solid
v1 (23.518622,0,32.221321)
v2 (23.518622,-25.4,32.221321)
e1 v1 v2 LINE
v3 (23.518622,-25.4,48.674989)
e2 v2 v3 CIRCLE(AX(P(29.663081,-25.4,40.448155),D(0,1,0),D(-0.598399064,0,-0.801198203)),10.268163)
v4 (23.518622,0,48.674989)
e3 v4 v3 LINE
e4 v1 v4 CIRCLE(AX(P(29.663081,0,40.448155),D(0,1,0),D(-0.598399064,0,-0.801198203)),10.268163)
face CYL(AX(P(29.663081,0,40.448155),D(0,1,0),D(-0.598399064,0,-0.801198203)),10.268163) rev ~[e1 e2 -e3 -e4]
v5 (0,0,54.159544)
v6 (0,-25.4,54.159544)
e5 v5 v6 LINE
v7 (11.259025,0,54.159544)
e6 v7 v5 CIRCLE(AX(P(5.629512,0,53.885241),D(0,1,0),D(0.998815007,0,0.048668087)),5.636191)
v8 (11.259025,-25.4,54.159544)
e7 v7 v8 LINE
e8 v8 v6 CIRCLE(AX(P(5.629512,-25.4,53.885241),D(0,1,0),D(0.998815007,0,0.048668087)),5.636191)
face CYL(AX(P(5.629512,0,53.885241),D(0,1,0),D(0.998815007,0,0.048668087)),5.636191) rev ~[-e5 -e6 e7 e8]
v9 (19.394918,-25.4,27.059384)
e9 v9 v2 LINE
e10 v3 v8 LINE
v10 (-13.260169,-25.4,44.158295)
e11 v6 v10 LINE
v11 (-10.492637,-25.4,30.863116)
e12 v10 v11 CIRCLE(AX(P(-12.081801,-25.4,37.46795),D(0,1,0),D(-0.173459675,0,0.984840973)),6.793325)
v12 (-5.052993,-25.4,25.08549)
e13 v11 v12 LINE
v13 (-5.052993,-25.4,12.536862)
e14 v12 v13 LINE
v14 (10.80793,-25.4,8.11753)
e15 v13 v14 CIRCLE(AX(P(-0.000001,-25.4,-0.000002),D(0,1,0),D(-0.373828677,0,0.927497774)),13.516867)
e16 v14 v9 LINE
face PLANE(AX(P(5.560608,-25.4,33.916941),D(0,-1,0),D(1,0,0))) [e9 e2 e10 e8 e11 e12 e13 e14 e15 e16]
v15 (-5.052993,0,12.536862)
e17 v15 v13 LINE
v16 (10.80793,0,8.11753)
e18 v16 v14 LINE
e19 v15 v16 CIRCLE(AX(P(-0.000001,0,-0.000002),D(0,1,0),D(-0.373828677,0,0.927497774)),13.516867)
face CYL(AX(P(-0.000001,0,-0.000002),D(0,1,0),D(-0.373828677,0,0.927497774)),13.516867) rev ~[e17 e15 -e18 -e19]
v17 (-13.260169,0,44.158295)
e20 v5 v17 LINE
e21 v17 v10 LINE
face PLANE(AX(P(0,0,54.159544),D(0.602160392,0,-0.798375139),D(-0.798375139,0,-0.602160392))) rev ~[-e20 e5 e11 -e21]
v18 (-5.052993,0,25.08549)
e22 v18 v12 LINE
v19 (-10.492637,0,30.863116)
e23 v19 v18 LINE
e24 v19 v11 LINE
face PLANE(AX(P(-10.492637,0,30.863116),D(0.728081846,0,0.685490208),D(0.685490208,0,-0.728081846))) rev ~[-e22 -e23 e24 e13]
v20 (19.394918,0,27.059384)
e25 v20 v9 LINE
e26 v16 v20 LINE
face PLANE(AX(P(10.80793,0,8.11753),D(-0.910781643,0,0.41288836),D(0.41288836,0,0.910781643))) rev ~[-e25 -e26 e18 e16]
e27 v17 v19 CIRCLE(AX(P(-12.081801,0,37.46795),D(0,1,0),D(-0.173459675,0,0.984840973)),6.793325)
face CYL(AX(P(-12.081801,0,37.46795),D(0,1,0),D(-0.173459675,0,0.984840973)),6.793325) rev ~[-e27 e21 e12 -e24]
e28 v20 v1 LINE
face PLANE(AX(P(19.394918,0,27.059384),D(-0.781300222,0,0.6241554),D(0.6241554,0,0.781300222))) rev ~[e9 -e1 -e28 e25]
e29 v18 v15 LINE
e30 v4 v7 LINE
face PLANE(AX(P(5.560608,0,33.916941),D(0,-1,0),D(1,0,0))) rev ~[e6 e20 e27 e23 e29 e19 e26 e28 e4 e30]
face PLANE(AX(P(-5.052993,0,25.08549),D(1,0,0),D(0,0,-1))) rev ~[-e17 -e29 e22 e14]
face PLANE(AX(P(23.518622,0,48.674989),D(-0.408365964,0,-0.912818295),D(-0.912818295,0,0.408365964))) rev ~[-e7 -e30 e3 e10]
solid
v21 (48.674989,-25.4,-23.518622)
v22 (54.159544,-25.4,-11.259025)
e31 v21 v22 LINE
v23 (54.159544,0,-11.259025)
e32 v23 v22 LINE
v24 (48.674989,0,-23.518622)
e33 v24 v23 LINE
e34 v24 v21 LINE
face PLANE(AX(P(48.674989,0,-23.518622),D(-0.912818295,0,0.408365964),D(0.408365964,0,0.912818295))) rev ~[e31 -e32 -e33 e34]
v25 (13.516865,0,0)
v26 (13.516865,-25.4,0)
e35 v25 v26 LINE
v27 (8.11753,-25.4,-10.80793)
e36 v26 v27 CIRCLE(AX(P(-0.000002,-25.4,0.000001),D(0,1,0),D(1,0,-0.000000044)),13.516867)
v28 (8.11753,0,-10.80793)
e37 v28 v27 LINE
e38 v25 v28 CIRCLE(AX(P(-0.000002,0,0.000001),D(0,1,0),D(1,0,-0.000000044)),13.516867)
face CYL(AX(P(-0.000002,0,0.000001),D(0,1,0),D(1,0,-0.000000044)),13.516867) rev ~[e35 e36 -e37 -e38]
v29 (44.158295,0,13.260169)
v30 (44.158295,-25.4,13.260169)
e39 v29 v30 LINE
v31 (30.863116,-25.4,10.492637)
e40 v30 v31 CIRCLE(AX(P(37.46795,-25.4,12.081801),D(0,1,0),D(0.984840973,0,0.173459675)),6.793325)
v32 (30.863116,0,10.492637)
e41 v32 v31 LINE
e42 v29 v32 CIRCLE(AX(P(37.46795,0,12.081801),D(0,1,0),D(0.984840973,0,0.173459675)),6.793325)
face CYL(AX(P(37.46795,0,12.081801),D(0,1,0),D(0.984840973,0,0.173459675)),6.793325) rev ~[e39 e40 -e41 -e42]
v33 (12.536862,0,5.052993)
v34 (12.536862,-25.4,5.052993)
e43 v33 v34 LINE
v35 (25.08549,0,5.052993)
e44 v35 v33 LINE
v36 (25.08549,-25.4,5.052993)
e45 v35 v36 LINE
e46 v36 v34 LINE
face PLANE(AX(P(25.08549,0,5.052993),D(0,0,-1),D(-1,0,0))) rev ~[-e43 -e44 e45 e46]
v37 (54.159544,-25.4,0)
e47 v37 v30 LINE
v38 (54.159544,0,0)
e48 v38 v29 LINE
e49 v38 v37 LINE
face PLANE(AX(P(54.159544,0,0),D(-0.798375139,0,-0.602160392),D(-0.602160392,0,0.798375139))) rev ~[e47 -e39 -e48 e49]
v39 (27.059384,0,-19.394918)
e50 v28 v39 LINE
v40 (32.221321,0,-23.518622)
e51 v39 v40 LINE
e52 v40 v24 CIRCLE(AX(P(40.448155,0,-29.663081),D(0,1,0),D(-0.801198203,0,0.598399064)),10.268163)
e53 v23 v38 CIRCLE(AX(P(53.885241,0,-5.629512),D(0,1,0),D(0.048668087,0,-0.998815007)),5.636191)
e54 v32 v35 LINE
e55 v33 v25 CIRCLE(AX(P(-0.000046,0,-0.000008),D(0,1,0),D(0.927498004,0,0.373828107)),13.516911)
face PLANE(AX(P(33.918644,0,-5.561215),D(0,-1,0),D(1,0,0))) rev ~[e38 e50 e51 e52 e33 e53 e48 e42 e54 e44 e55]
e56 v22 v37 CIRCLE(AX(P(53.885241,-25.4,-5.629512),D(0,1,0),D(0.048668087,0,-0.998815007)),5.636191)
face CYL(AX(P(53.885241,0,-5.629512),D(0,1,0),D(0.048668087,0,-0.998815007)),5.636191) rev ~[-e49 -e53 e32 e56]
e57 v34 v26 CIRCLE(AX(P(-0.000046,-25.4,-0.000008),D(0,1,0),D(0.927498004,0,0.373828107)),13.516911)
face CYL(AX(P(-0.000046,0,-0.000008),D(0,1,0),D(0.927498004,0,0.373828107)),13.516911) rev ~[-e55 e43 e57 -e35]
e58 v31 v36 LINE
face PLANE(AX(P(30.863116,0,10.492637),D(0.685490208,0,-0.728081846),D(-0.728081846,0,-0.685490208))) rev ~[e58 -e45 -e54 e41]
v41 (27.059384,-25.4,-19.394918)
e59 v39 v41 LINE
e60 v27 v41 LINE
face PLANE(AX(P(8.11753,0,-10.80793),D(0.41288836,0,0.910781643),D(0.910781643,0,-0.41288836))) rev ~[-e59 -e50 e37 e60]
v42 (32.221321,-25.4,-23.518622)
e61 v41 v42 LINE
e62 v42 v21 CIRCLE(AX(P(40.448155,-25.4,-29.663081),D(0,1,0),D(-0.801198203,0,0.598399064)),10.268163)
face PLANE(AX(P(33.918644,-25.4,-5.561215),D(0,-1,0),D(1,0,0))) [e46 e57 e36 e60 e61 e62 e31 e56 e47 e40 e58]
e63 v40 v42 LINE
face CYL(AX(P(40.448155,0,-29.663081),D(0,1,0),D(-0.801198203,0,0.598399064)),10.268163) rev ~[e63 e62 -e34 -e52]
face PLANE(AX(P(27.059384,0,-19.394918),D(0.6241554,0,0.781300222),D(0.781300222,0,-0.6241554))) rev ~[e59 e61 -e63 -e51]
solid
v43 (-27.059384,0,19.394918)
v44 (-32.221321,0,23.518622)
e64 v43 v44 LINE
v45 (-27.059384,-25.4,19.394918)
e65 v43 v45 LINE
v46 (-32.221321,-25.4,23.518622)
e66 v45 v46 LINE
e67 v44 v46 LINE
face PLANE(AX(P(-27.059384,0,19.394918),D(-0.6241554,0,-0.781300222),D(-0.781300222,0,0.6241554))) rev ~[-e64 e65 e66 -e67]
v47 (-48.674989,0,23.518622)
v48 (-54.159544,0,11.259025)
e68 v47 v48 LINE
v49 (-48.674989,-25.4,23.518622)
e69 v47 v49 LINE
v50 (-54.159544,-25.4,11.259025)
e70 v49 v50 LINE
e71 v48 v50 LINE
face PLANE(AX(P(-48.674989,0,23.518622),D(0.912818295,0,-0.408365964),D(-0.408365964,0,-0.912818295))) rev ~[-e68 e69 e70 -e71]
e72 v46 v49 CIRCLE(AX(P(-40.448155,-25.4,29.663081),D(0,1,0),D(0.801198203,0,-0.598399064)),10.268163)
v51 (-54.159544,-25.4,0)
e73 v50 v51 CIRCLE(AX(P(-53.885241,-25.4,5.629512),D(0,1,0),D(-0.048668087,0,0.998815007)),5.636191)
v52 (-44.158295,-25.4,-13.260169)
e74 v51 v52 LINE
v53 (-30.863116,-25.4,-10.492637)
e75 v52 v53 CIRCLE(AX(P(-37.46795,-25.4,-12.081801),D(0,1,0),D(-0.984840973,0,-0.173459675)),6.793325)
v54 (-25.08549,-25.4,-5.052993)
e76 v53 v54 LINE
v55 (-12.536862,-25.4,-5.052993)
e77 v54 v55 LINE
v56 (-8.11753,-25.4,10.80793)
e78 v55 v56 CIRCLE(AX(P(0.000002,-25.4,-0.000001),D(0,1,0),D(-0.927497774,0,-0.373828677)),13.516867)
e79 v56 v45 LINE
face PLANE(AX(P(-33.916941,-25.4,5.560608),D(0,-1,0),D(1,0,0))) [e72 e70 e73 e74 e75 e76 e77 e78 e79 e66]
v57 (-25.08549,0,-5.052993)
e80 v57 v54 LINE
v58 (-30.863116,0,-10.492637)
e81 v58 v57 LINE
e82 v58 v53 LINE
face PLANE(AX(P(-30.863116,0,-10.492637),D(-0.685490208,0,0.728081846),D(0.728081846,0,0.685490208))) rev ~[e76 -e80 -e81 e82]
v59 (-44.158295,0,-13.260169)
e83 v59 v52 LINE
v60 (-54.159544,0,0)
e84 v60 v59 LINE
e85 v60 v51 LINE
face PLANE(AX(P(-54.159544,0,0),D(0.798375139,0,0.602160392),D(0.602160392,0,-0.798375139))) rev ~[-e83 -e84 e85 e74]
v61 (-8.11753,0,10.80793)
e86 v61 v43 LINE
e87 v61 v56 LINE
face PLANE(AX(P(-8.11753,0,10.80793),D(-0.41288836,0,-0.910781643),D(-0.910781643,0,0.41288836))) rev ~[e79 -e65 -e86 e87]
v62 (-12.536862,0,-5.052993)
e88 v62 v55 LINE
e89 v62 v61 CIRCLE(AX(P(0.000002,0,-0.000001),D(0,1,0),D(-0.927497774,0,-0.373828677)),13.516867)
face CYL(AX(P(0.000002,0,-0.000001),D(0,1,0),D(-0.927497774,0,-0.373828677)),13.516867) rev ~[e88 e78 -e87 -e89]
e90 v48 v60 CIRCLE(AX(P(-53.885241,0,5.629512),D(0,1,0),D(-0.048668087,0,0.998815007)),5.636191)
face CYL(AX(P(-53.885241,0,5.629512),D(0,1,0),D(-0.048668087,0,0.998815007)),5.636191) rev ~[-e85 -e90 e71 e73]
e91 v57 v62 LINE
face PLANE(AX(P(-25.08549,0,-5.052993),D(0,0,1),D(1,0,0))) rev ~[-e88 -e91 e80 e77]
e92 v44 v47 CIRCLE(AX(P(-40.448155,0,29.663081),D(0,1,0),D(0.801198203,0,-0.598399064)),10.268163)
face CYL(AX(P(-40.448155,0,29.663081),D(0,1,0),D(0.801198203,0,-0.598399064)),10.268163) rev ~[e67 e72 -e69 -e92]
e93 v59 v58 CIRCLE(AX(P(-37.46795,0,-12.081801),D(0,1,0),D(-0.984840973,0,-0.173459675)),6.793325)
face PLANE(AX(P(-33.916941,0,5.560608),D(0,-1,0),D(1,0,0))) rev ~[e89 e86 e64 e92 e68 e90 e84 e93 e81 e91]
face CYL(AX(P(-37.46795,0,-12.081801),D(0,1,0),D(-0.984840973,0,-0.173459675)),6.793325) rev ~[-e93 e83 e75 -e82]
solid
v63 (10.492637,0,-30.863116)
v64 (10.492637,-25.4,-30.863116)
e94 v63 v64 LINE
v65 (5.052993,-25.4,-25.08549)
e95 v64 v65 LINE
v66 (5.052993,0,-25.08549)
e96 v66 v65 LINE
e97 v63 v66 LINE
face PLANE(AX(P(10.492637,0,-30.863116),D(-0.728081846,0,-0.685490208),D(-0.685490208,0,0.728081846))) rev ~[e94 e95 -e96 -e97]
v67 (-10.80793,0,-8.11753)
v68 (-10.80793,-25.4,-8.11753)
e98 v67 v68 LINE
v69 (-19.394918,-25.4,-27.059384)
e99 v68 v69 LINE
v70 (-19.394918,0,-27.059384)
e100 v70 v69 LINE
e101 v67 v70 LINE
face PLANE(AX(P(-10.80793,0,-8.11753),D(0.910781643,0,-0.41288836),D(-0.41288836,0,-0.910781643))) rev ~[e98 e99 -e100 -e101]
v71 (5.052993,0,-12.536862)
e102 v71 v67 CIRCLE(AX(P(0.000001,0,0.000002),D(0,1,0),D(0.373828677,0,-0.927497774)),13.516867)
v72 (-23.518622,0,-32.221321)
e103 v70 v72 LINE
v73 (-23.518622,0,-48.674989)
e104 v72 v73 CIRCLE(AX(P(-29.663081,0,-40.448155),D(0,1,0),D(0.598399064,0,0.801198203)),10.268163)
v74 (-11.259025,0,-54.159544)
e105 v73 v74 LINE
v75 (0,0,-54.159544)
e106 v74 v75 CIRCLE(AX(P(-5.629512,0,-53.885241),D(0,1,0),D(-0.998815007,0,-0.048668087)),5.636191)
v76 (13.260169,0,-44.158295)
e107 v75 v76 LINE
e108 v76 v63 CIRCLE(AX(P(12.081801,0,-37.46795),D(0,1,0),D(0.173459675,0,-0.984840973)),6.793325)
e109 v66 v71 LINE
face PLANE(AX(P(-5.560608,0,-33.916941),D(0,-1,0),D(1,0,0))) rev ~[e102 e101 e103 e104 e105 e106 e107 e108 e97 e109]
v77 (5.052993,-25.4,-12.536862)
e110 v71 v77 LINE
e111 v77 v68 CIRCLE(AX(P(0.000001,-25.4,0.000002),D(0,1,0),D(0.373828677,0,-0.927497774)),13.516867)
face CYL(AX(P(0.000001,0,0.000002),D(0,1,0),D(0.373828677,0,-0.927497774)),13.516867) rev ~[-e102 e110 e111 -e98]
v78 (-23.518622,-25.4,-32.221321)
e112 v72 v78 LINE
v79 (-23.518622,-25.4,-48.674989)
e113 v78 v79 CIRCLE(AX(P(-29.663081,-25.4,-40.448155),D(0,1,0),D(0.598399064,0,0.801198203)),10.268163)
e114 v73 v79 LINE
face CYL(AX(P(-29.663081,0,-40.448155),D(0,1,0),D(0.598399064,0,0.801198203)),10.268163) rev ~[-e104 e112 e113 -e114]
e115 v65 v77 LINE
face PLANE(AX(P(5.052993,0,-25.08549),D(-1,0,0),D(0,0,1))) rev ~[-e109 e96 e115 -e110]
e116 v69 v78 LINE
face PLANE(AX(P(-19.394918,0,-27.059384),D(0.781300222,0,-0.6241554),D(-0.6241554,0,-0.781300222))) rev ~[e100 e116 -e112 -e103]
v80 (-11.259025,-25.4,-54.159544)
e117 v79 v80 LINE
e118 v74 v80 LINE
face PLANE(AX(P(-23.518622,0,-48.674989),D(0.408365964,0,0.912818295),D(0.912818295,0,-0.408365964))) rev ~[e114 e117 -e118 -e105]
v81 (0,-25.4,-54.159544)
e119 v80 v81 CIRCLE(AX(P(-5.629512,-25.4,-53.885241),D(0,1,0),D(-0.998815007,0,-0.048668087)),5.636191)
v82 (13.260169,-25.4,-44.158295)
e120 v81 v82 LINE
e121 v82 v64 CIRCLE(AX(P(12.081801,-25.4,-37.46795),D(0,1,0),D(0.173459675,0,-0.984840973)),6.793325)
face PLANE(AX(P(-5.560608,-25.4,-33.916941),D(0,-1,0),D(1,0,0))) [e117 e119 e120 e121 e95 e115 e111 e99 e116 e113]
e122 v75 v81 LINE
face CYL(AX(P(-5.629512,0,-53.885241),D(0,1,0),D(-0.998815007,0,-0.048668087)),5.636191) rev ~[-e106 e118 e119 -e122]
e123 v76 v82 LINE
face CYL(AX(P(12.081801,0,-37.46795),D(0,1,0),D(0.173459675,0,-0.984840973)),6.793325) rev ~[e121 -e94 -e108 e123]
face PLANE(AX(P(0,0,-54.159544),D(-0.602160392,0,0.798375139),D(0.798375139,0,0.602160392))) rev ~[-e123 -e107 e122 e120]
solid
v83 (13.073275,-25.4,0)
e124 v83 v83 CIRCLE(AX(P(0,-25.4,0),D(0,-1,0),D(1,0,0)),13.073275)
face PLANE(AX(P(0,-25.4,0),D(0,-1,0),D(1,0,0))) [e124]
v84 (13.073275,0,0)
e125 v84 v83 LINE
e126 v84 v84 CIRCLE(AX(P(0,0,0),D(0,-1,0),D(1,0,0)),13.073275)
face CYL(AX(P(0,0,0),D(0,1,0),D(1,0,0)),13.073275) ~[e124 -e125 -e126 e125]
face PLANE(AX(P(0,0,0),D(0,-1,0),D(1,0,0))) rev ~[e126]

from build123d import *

# Parameters (mm, degrees)
F1_DEPTH = 25.4
F2_R     = 13.073275
F3_DEPTH = 25.4


with BuildPart() as f1:
    # F0 (on Front) → F1 (new body)
    with BuildSketch(Plane.XZ):
        with BuildLine():
            ThreePointArc((12.536862, 5.052993), (13.269602, 2.573574), (13.516865, 0))
            ThreePointArc((13.516865, 0), (12.091923, -6.040781), (8.11753, -10.80793))
            Line((8.11753, -10.80793), (27.059384, -19.394918))
            Line((27.059384, -19.394918), (32.221321, -23.518622))
            ThreePointArc((32.221321, -23.518622), (40.448155, -19.394918), (48.674989, -23.518622))
            Line((48.674989, -23.518622), (54.159544, -11.259025))
            ThreePointArc((54.159544, -11.259025), (48.24905, -5.629512), (54.159544, 0))
            Line((54.159544, 0), (44.158295, 13.260169))
            ThreePointArc((44.158295, 13.260169), (38.852376, 5.431039), (30.863116, 10.492637))
            Line((30.863116, 10.492637), (25.08549, 5.052993))
            Line((25.08549, 5.052993), (12.536862, 5.052993))
        make_face()
        with BuildLine():
            ThreePointArc((-5.052993, 12.536862), (3.628009, 13.020875), (10.80793, 8.11753))
            Line((10.80793, 8.11753), (19.394918, 27.059384))
            Line((19.394918, 27.059384), (23.518622, 32.221321))
            ThreePointArc((23.518622, 32.221321), (19.394918, 40.448155), (23.518622, 48.674989))
            Line((23.518622, 48.674989), (11.259025, 54.159544))
            ThreePointArc((11.259025, 54.159544), (5.629512, 48.24905), (0, 54.159544))
            Line((0, 54.159544), (-13.260169, 44.158295))
            ThreePointArc((-13.260169, 44.158295), (-5.431039, 38.852376), (-10.492637, 30.863116))
            Line((-10.492637, 30.863116), (-5.052993, 25.08549))
            Line((-5.052993, 25.08549), (-5.052993, 12.536862))
        make_face()
        with BuildLine():
            ThreePointArc((-12.536862, -5.052993), (-13.020875, 3.628009), (-8.11753, 10.80793))
            Line((-8.11753, 10.80793), (-27.059384, 19.394918))
            Line((-27.059384, 19.394918), (-32.221321, 23.518622))
            ThreePointArc((-32.221321, 23.518622), (-40.448155, 19.394918), (-48.674989, 23.518622))
            Line((-48.674989, 23.518622), (-54.159544, 11.259025))
            ThreePointArc((-54.159544, 11.259025), (-48.24905, 5.629512), (-54.159544, 0))
            Line((-54.159544, 0), (-44.158295, -13.260169))
            ThreePointArc((-44.158295, -13.260169), (-38.852376, -5.431039), (-30.863116, -10.492637))
            Line((-30.863116, -10.492637), (-25.08549, -5.052993))
            Line((-25.08549, -5.052993), (-12.536862, -5.052993))
        make_face()
        with BuildLine():
            Line((5.052993, -25.08549), (5.052993, -12.536862))
            ThreePointArc((5.052993, -12.536862), (-3.628009, -13.020875), (-10.80793, -8.11753))
            Line((-10.80793, -8.11753), (-19.394918, -27.059384))
            Line((-19.394918, -27.059384), (-23.518622, -32.221321))
            ThreePointArc((-23.518622, -32.221321), (-19.394918, -40.448155), (-23.518622, -48.674989))
            Line((-23.518622, -48.674989), (-11.259025, -54.159544))
            ThreePointArc((-11.259025, -54.159544), (-5.629512, -48.24905), (0, -54.159544))
            Line((0, -54.159544), (13.260169, -44.158295))
            ThreePointArc((13.260169, -44.158295), (5.431039, -38.852376), (10.492637, -30.863116))
            Line((10.492637, -30.863116), (5.052993, -25.08549))
        make_face()
    extrude(amount=F1_DEPTH)


with BuildPart() as f3:
    # F2 (on Front) → F3 (new body)
    with BuildSketch(Plane.XZ):
        Circle(F2_R)
    extrude(amount=F3_DEPTH)


solid = Compound([f1.part, f3.part])
